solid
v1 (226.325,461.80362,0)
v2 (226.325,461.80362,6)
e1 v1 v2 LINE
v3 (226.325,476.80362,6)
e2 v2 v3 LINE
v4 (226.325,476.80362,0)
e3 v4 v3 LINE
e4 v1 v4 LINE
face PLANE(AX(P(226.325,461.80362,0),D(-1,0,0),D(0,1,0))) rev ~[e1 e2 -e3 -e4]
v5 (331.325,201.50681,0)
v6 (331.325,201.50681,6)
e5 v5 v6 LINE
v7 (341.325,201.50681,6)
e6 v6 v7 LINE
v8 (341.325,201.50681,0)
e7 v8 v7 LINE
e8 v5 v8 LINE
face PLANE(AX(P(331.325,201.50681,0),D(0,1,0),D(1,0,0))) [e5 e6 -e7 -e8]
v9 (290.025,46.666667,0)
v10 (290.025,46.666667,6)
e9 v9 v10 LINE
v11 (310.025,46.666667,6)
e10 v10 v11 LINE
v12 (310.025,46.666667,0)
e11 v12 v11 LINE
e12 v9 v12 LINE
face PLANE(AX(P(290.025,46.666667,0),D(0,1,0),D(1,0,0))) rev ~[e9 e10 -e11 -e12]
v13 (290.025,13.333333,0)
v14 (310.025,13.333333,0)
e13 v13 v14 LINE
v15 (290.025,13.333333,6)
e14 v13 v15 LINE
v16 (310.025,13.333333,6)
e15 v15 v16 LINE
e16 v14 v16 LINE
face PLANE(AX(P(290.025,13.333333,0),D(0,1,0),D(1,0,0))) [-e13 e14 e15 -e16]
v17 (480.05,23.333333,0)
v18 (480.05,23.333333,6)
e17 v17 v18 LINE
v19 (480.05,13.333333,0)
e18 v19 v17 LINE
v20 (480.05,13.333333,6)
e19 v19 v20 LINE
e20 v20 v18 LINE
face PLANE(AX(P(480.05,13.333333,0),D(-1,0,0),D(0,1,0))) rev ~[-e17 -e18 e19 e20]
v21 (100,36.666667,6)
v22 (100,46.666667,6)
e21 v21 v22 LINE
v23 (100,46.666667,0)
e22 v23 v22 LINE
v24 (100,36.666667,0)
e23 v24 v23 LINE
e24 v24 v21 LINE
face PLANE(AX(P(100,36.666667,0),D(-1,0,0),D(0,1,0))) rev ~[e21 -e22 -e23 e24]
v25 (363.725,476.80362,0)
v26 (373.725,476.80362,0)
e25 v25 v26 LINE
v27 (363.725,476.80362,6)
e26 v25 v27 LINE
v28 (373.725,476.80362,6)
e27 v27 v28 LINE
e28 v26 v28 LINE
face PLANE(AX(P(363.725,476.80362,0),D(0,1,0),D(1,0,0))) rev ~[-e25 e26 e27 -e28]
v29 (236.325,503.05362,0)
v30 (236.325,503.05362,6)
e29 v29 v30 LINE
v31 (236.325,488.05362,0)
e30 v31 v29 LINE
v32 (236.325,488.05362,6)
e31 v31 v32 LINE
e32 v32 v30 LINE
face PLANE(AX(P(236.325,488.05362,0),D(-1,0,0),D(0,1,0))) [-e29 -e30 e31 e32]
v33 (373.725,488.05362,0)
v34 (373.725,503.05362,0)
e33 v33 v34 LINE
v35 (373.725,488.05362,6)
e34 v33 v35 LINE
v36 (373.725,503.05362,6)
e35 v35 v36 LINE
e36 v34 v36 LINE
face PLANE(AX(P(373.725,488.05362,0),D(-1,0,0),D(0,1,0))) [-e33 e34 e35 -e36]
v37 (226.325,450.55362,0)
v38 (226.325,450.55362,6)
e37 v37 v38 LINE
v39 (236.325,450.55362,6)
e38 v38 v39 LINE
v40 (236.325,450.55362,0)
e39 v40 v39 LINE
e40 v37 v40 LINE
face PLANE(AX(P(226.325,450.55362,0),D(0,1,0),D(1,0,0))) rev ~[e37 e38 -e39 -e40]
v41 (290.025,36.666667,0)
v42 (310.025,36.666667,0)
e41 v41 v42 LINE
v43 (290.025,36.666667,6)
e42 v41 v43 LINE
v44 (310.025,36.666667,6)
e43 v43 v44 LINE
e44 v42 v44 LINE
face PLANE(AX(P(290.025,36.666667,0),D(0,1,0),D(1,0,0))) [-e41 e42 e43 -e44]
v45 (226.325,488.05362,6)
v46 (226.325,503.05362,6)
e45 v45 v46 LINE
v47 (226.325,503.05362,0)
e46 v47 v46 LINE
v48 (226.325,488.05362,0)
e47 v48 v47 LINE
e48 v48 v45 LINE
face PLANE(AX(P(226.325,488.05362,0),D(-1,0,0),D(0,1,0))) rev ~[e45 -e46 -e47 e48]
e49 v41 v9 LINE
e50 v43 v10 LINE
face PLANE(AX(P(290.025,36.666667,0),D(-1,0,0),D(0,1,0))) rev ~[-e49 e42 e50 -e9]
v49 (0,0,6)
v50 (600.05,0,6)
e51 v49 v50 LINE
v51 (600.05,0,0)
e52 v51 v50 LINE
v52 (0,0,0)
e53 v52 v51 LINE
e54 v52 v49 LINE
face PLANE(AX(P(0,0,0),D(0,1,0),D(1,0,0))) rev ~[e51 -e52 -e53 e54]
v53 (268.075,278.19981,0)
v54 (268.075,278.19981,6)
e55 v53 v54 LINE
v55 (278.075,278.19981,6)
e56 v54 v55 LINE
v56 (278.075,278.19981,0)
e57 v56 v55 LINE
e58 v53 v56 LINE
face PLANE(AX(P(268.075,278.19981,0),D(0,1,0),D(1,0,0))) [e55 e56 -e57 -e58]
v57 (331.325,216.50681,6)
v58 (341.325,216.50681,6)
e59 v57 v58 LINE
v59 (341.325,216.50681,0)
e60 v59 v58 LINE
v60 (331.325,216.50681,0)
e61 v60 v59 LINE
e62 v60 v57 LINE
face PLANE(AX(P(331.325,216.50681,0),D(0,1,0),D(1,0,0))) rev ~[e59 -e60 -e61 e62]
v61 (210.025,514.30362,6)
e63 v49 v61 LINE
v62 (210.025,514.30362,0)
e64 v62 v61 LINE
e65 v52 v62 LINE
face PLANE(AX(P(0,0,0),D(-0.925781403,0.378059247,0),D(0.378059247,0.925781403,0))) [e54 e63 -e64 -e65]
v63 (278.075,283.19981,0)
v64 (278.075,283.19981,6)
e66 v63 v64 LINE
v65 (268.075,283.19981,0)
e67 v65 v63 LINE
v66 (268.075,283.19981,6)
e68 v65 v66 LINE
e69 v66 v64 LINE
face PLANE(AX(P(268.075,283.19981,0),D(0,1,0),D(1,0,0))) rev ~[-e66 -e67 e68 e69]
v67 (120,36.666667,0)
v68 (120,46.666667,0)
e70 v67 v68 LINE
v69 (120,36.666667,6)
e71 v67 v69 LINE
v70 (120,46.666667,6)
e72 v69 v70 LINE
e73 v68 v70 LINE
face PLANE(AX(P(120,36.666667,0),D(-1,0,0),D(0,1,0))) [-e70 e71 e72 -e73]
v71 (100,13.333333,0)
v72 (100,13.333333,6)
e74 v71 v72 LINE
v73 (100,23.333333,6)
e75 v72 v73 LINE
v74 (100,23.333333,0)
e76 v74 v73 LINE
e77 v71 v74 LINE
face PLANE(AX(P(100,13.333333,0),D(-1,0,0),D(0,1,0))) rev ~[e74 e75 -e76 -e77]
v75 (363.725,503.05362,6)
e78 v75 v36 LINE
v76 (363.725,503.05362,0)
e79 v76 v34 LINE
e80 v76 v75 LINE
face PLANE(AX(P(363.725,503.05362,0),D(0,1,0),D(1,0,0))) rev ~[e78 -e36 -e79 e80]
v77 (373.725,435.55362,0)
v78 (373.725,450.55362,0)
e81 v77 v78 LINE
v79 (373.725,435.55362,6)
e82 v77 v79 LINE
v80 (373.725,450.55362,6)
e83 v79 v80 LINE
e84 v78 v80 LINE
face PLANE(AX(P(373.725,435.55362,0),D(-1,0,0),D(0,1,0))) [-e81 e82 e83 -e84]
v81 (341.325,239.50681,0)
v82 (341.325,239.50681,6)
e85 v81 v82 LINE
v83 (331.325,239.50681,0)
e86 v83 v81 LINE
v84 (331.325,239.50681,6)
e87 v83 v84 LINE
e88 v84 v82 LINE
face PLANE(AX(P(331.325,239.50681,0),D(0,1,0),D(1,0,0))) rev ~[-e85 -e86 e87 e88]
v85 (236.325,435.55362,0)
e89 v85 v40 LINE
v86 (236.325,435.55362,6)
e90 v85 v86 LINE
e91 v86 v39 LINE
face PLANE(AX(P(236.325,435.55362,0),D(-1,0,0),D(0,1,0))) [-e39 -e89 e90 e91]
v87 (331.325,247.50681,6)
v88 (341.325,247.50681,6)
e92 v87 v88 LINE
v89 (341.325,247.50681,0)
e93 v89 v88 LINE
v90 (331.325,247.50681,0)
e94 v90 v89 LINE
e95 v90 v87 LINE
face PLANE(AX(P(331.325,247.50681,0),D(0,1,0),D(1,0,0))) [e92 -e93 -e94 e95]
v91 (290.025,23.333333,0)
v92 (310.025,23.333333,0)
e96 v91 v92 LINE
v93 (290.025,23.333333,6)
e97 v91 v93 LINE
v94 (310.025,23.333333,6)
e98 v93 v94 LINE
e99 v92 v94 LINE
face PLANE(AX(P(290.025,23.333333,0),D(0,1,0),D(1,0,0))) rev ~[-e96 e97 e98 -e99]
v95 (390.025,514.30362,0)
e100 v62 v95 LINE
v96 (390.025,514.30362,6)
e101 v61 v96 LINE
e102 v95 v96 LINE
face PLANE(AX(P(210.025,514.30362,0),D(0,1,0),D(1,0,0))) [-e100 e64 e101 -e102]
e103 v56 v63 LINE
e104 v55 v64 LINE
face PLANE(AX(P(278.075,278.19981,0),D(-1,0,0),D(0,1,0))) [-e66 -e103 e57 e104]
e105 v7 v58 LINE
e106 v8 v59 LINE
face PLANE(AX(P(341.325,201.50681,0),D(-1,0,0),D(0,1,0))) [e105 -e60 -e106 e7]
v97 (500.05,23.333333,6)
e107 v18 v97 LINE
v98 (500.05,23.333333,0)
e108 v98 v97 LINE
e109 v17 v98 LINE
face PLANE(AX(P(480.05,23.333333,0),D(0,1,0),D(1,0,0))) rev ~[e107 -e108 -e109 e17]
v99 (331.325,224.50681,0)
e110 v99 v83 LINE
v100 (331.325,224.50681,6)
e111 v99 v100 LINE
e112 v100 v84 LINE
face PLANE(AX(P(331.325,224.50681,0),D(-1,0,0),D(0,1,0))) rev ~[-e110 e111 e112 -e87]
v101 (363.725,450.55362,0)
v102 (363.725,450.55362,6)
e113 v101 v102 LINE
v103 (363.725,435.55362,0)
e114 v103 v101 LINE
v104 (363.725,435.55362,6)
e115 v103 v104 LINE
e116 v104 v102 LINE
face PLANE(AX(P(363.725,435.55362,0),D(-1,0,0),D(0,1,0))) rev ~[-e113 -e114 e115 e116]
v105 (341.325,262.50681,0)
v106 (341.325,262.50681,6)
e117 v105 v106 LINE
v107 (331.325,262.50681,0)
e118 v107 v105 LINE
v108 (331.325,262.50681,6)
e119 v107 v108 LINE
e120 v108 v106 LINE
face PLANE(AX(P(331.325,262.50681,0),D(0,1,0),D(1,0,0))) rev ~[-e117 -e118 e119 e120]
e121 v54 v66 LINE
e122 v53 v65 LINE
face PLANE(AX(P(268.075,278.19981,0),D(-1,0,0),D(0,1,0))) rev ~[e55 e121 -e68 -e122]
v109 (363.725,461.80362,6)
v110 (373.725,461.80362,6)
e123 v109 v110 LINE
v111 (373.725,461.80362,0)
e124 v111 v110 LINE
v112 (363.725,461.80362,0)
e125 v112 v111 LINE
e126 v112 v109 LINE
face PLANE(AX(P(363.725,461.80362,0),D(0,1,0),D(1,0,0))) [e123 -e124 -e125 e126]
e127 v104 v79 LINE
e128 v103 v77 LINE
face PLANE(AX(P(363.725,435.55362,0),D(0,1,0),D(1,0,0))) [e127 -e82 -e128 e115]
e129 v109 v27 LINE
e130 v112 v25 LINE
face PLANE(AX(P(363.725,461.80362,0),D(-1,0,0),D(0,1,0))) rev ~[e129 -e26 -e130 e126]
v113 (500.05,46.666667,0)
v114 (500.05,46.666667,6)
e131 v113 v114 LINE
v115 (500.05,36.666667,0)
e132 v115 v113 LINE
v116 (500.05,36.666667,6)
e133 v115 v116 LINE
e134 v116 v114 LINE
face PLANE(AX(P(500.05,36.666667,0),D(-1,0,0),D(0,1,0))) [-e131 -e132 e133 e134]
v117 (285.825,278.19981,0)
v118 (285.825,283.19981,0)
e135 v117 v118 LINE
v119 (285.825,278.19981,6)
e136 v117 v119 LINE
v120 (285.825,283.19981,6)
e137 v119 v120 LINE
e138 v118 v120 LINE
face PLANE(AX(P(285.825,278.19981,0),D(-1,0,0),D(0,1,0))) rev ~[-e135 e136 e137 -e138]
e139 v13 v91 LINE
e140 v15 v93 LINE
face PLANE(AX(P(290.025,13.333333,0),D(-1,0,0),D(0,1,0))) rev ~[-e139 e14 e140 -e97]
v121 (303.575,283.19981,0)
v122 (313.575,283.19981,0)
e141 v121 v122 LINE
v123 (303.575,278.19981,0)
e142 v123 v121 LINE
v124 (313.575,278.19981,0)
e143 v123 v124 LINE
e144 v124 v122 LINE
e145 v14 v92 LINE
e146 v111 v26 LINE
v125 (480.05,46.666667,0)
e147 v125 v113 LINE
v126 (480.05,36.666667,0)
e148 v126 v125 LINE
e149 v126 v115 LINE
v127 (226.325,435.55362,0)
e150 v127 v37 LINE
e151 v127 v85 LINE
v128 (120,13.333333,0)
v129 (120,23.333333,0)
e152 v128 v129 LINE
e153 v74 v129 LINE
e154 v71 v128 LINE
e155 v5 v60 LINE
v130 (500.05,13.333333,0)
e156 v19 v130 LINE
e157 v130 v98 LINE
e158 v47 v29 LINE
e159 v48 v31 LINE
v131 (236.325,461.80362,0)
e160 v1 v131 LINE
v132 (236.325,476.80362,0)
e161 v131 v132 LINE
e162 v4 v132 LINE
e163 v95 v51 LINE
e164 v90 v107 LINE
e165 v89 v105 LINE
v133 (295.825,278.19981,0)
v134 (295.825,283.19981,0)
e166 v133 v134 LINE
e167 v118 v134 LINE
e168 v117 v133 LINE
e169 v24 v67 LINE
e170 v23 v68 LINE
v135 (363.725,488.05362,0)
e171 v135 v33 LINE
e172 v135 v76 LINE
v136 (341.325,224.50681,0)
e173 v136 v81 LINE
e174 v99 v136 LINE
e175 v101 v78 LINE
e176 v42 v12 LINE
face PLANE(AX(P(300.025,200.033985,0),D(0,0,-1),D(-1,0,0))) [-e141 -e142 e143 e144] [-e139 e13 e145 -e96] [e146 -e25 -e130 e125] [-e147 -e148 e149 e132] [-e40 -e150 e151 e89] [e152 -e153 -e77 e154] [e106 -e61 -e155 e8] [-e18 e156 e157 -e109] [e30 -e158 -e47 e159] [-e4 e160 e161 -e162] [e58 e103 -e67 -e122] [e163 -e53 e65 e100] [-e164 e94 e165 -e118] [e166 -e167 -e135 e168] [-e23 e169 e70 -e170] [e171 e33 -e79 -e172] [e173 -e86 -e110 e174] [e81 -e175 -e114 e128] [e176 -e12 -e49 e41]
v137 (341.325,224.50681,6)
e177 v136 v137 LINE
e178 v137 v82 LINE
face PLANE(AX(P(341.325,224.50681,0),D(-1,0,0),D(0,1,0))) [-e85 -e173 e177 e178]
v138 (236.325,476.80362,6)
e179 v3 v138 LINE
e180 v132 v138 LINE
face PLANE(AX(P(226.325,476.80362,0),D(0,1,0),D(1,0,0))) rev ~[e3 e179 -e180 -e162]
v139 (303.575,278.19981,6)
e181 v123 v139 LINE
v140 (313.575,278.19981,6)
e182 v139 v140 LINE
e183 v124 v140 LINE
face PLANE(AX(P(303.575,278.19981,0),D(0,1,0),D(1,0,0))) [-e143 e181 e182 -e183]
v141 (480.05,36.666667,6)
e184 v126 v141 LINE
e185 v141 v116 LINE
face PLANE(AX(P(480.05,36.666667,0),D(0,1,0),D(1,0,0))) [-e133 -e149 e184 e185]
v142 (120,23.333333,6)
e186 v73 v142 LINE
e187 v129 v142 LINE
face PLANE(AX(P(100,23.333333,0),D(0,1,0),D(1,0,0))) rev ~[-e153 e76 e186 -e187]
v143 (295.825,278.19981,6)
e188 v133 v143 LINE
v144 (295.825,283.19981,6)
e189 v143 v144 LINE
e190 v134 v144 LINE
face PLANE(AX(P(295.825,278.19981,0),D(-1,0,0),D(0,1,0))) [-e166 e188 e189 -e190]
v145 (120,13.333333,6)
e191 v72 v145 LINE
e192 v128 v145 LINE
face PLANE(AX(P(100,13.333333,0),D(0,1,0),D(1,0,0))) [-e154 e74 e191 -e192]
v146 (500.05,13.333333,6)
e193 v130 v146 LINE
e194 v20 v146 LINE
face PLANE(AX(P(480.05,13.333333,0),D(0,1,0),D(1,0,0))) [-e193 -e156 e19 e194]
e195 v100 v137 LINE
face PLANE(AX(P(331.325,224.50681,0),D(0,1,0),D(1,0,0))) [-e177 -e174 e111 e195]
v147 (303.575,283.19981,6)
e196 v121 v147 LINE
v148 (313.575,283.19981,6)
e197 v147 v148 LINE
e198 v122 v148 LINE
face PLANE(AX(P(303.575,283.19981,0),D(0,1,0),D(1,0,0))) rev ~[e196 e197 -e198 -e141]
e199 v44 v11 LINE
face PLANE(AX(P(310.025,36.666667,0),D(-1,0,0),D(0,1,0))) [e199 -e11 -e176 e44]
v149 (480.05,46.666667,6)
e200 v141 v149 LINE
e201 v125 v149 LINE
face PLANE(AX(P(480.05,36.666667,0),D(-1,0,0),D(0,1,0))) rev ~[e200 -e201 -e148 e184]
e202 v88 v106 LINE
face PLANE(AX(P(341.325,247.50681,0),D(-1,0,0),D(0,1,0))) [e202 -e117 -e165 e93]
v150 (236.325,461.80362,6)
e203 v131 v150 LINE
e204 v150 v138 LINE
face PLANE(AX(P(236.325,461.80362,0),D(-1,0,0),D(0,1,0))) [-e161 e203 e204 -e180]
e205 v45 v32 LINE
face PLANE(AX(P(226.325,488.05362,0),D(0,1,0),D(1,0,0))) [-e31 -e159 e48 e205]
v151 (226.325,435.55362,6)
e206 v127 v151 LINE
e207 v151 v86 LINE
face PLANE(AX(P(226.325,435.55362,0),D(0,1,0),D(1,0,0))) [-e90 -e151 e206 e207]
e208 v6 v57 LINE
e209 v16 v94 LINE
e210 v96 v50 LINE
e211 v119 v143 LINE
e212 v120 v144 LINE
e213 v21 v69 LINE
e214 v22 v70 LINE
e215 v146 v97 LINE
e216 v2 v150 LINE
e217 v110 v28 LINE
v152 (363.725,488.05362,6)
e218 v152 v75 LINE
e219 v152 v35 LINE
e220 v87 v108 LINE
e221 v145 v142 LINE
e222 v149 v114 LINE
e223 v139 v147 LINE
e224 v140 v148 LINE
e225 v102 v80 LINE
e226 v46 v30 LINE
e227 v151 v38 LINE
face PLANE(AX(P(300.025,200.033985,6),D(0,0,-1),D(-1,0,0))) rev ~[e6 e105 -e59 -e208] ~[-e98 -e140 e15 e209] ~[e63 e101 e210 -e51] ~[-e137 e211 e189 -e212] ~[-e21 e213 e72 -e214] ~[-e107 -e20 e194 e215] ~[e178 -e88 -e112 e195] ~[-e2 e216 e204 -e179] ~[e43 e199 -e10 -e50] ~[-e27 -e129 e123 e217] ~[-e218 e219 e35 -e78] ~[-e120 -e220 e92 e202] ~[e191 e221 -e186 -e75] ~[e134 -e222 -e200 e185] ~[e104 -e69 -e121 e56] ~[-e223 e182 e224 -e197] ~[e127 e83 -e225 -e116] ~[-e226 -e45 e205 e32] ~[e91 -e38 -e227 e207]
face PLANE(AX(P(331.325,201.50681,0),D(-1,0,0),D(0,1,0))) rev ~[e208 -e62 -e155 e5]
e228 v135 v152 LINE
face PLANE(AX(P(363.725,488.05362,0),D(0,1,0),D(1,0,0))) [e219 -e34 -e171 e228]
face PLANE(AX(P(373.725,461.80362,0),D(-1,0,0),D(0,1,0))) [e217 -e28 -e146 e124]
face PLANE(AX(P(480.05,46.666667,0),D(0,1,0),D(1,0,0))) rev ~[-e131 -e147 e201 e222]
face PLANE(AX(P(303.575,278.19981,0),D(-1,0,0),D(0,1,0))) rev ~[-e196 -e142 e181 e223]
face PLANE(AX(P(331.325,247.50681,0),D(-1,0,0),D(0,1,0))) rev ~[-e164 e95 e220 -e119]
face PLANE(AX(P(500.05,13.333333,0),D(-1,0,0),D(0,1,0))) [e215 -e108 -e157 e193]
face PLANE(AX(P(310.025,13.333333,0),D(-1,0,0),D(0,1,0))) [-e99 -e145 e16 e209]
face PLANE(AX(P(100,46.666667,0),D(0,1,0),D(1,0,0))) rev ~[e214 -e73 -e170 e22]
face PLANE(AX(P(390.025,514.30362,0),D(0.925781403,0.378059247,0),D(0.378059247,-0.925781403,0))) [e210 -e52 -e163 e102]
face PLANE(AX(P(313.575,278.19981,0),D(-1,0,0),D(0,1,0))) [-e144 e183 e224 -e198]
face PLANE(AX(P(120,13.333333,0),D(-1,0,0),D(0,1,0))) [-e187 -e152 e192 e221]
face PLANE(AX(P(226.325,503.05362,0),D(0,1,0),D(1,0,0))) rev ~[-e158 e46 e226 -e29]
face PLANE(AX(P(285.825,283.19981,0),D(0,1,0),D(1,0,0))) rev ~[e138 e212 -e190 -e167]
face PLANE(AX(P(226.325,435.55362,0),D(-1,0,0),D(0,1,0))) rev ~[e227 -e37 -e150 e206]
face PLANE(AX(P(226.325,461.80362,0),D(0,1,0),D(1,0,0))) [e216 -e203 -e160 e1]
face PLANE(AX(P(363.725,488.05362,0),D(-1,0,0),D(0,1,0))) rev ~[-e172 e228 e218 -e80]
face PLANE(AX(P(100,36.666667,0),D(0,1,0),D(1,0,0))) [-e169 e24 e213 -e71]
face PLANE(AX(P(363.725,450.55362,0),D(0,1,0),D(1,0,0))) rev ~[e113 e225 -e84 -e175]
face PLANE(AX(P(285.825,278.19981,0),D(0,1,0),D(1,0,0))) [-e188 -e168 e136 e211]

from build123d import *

# Parameters (mm, degrees)
SKETCH1_W           = 20
SKETCH1_H           = 10
SKETCH1_W_2         = 10
SKETCH1_H_2         = 5
SKETCH1_H_3         = 15
BOSS_EXTRUDE1_DEPTH = 6


with BuildPart() as part:
    # Sketch1 → Boss-Extrude1 (new body)
    with BuildSketch(Plane.XY):
        Polygon((296.475, 0), (0, 0), (210.025, 514.3036198), (390.025, 514.3036198), (600.05, 0), (300.025, 0), align=None)
        with Locations((110, 18.333333333)):
            Rectangle(SKETCH1_W, SKETCH1_H, mode=Mode.SUBTRACT)
        with Locations((110, 41.666666667)):
            Rectangle(SKETCH1_W, SKETCH1_H, mode=Mode.SUBTRACT)
        with Locations((490.05, 41.666666667)):
            Rectangle(SKETCH1_W, SKETCH1_H, mode=Mode.SUBTRACT)
        with Locations((490.05, 18.333333333)):
            Rectangle(SKETCH1_W, SKETCH1_H, mode=Mode.SUBTRACT)
        with Locations((308.575, 280.6998099)):
            Rectangle(SKETCH1_W_2, SKETCH1_H_2, mode=Mode.SUBTRACT)
        with Locations((290.825, 280.6998099)):
            Rectangle(SKETCH1_W_2, SKETCH1_H_2, mode=Mode.SUBTRACT)
        with Locations((273.075, 280.6998099)):
            Rectangle(SKETCH1_W_2, SKETCH1_H_2, mode=Mode.SUBTRACT)
        with Locations((368.725, 495.5536198)):
            Rectangle(SKETCH1_W_2, SKETCH1_H_3, mode=Mode.SUBTRACT)
        with Locations((368.725, 469.3036198)):
            Rectangle(SKETCH1_W_2, SKETCH1_H_3, mode=Mode.SUBTRACT)
        with Locations((336.325, 255.0068099)):
            Rectangle(SKETCH1_W_2, SKETCH1_H_3, mode=Mode.SUBTRACT)
        with Locations((336.325, 232.0068099)):
            Rectangle(SKETCH1_W_2, SKETCH1_H_3, mode=Mode.SUBTRACT)
        with Locations((336.325, 209.0068099)):
            Rectangle(SKETCH1_W_2, SKETCH1_H_3, mode=Mode.SUBTRACT)
        with Locations((368.725, 443.0536198)):
            Rectangle(SKETCH1_W_2, SKETCH1_H_3, mode=Mode.SUBTRACT)
        with Locations((231.325, 443.0536198)):
            Rectangle(SKETCH1_W_2, SKETCH1_H_3, mode=Mode.SUBTRACT)
        with Locations((231.325, 469.3036198)):
            Rectangle(SKETCH1_W_2, SKETCH1_H_3, mode=Mode.SUBTRACT)
        with Locations((231.325, 495.5536198)):
            Rectangle(SKETCH1_W_2, SKETCH1_H_3, mode=Mode.SUBTRACT)
        with Locations((300.025, 41.666666667)):
            Rectangle(SKETCH1_W, SKETCH1_H, mode=Mode.SUBTRACT)
        with Locations((300.025, 18.333333333)):
            Rectangle(SKETCH1_W, SKETCH1_H, mode=Mode.SUBTRACT)
    extrude(amount=BOSS_EXTRUDE1_DEPTH)


solid = part.part
